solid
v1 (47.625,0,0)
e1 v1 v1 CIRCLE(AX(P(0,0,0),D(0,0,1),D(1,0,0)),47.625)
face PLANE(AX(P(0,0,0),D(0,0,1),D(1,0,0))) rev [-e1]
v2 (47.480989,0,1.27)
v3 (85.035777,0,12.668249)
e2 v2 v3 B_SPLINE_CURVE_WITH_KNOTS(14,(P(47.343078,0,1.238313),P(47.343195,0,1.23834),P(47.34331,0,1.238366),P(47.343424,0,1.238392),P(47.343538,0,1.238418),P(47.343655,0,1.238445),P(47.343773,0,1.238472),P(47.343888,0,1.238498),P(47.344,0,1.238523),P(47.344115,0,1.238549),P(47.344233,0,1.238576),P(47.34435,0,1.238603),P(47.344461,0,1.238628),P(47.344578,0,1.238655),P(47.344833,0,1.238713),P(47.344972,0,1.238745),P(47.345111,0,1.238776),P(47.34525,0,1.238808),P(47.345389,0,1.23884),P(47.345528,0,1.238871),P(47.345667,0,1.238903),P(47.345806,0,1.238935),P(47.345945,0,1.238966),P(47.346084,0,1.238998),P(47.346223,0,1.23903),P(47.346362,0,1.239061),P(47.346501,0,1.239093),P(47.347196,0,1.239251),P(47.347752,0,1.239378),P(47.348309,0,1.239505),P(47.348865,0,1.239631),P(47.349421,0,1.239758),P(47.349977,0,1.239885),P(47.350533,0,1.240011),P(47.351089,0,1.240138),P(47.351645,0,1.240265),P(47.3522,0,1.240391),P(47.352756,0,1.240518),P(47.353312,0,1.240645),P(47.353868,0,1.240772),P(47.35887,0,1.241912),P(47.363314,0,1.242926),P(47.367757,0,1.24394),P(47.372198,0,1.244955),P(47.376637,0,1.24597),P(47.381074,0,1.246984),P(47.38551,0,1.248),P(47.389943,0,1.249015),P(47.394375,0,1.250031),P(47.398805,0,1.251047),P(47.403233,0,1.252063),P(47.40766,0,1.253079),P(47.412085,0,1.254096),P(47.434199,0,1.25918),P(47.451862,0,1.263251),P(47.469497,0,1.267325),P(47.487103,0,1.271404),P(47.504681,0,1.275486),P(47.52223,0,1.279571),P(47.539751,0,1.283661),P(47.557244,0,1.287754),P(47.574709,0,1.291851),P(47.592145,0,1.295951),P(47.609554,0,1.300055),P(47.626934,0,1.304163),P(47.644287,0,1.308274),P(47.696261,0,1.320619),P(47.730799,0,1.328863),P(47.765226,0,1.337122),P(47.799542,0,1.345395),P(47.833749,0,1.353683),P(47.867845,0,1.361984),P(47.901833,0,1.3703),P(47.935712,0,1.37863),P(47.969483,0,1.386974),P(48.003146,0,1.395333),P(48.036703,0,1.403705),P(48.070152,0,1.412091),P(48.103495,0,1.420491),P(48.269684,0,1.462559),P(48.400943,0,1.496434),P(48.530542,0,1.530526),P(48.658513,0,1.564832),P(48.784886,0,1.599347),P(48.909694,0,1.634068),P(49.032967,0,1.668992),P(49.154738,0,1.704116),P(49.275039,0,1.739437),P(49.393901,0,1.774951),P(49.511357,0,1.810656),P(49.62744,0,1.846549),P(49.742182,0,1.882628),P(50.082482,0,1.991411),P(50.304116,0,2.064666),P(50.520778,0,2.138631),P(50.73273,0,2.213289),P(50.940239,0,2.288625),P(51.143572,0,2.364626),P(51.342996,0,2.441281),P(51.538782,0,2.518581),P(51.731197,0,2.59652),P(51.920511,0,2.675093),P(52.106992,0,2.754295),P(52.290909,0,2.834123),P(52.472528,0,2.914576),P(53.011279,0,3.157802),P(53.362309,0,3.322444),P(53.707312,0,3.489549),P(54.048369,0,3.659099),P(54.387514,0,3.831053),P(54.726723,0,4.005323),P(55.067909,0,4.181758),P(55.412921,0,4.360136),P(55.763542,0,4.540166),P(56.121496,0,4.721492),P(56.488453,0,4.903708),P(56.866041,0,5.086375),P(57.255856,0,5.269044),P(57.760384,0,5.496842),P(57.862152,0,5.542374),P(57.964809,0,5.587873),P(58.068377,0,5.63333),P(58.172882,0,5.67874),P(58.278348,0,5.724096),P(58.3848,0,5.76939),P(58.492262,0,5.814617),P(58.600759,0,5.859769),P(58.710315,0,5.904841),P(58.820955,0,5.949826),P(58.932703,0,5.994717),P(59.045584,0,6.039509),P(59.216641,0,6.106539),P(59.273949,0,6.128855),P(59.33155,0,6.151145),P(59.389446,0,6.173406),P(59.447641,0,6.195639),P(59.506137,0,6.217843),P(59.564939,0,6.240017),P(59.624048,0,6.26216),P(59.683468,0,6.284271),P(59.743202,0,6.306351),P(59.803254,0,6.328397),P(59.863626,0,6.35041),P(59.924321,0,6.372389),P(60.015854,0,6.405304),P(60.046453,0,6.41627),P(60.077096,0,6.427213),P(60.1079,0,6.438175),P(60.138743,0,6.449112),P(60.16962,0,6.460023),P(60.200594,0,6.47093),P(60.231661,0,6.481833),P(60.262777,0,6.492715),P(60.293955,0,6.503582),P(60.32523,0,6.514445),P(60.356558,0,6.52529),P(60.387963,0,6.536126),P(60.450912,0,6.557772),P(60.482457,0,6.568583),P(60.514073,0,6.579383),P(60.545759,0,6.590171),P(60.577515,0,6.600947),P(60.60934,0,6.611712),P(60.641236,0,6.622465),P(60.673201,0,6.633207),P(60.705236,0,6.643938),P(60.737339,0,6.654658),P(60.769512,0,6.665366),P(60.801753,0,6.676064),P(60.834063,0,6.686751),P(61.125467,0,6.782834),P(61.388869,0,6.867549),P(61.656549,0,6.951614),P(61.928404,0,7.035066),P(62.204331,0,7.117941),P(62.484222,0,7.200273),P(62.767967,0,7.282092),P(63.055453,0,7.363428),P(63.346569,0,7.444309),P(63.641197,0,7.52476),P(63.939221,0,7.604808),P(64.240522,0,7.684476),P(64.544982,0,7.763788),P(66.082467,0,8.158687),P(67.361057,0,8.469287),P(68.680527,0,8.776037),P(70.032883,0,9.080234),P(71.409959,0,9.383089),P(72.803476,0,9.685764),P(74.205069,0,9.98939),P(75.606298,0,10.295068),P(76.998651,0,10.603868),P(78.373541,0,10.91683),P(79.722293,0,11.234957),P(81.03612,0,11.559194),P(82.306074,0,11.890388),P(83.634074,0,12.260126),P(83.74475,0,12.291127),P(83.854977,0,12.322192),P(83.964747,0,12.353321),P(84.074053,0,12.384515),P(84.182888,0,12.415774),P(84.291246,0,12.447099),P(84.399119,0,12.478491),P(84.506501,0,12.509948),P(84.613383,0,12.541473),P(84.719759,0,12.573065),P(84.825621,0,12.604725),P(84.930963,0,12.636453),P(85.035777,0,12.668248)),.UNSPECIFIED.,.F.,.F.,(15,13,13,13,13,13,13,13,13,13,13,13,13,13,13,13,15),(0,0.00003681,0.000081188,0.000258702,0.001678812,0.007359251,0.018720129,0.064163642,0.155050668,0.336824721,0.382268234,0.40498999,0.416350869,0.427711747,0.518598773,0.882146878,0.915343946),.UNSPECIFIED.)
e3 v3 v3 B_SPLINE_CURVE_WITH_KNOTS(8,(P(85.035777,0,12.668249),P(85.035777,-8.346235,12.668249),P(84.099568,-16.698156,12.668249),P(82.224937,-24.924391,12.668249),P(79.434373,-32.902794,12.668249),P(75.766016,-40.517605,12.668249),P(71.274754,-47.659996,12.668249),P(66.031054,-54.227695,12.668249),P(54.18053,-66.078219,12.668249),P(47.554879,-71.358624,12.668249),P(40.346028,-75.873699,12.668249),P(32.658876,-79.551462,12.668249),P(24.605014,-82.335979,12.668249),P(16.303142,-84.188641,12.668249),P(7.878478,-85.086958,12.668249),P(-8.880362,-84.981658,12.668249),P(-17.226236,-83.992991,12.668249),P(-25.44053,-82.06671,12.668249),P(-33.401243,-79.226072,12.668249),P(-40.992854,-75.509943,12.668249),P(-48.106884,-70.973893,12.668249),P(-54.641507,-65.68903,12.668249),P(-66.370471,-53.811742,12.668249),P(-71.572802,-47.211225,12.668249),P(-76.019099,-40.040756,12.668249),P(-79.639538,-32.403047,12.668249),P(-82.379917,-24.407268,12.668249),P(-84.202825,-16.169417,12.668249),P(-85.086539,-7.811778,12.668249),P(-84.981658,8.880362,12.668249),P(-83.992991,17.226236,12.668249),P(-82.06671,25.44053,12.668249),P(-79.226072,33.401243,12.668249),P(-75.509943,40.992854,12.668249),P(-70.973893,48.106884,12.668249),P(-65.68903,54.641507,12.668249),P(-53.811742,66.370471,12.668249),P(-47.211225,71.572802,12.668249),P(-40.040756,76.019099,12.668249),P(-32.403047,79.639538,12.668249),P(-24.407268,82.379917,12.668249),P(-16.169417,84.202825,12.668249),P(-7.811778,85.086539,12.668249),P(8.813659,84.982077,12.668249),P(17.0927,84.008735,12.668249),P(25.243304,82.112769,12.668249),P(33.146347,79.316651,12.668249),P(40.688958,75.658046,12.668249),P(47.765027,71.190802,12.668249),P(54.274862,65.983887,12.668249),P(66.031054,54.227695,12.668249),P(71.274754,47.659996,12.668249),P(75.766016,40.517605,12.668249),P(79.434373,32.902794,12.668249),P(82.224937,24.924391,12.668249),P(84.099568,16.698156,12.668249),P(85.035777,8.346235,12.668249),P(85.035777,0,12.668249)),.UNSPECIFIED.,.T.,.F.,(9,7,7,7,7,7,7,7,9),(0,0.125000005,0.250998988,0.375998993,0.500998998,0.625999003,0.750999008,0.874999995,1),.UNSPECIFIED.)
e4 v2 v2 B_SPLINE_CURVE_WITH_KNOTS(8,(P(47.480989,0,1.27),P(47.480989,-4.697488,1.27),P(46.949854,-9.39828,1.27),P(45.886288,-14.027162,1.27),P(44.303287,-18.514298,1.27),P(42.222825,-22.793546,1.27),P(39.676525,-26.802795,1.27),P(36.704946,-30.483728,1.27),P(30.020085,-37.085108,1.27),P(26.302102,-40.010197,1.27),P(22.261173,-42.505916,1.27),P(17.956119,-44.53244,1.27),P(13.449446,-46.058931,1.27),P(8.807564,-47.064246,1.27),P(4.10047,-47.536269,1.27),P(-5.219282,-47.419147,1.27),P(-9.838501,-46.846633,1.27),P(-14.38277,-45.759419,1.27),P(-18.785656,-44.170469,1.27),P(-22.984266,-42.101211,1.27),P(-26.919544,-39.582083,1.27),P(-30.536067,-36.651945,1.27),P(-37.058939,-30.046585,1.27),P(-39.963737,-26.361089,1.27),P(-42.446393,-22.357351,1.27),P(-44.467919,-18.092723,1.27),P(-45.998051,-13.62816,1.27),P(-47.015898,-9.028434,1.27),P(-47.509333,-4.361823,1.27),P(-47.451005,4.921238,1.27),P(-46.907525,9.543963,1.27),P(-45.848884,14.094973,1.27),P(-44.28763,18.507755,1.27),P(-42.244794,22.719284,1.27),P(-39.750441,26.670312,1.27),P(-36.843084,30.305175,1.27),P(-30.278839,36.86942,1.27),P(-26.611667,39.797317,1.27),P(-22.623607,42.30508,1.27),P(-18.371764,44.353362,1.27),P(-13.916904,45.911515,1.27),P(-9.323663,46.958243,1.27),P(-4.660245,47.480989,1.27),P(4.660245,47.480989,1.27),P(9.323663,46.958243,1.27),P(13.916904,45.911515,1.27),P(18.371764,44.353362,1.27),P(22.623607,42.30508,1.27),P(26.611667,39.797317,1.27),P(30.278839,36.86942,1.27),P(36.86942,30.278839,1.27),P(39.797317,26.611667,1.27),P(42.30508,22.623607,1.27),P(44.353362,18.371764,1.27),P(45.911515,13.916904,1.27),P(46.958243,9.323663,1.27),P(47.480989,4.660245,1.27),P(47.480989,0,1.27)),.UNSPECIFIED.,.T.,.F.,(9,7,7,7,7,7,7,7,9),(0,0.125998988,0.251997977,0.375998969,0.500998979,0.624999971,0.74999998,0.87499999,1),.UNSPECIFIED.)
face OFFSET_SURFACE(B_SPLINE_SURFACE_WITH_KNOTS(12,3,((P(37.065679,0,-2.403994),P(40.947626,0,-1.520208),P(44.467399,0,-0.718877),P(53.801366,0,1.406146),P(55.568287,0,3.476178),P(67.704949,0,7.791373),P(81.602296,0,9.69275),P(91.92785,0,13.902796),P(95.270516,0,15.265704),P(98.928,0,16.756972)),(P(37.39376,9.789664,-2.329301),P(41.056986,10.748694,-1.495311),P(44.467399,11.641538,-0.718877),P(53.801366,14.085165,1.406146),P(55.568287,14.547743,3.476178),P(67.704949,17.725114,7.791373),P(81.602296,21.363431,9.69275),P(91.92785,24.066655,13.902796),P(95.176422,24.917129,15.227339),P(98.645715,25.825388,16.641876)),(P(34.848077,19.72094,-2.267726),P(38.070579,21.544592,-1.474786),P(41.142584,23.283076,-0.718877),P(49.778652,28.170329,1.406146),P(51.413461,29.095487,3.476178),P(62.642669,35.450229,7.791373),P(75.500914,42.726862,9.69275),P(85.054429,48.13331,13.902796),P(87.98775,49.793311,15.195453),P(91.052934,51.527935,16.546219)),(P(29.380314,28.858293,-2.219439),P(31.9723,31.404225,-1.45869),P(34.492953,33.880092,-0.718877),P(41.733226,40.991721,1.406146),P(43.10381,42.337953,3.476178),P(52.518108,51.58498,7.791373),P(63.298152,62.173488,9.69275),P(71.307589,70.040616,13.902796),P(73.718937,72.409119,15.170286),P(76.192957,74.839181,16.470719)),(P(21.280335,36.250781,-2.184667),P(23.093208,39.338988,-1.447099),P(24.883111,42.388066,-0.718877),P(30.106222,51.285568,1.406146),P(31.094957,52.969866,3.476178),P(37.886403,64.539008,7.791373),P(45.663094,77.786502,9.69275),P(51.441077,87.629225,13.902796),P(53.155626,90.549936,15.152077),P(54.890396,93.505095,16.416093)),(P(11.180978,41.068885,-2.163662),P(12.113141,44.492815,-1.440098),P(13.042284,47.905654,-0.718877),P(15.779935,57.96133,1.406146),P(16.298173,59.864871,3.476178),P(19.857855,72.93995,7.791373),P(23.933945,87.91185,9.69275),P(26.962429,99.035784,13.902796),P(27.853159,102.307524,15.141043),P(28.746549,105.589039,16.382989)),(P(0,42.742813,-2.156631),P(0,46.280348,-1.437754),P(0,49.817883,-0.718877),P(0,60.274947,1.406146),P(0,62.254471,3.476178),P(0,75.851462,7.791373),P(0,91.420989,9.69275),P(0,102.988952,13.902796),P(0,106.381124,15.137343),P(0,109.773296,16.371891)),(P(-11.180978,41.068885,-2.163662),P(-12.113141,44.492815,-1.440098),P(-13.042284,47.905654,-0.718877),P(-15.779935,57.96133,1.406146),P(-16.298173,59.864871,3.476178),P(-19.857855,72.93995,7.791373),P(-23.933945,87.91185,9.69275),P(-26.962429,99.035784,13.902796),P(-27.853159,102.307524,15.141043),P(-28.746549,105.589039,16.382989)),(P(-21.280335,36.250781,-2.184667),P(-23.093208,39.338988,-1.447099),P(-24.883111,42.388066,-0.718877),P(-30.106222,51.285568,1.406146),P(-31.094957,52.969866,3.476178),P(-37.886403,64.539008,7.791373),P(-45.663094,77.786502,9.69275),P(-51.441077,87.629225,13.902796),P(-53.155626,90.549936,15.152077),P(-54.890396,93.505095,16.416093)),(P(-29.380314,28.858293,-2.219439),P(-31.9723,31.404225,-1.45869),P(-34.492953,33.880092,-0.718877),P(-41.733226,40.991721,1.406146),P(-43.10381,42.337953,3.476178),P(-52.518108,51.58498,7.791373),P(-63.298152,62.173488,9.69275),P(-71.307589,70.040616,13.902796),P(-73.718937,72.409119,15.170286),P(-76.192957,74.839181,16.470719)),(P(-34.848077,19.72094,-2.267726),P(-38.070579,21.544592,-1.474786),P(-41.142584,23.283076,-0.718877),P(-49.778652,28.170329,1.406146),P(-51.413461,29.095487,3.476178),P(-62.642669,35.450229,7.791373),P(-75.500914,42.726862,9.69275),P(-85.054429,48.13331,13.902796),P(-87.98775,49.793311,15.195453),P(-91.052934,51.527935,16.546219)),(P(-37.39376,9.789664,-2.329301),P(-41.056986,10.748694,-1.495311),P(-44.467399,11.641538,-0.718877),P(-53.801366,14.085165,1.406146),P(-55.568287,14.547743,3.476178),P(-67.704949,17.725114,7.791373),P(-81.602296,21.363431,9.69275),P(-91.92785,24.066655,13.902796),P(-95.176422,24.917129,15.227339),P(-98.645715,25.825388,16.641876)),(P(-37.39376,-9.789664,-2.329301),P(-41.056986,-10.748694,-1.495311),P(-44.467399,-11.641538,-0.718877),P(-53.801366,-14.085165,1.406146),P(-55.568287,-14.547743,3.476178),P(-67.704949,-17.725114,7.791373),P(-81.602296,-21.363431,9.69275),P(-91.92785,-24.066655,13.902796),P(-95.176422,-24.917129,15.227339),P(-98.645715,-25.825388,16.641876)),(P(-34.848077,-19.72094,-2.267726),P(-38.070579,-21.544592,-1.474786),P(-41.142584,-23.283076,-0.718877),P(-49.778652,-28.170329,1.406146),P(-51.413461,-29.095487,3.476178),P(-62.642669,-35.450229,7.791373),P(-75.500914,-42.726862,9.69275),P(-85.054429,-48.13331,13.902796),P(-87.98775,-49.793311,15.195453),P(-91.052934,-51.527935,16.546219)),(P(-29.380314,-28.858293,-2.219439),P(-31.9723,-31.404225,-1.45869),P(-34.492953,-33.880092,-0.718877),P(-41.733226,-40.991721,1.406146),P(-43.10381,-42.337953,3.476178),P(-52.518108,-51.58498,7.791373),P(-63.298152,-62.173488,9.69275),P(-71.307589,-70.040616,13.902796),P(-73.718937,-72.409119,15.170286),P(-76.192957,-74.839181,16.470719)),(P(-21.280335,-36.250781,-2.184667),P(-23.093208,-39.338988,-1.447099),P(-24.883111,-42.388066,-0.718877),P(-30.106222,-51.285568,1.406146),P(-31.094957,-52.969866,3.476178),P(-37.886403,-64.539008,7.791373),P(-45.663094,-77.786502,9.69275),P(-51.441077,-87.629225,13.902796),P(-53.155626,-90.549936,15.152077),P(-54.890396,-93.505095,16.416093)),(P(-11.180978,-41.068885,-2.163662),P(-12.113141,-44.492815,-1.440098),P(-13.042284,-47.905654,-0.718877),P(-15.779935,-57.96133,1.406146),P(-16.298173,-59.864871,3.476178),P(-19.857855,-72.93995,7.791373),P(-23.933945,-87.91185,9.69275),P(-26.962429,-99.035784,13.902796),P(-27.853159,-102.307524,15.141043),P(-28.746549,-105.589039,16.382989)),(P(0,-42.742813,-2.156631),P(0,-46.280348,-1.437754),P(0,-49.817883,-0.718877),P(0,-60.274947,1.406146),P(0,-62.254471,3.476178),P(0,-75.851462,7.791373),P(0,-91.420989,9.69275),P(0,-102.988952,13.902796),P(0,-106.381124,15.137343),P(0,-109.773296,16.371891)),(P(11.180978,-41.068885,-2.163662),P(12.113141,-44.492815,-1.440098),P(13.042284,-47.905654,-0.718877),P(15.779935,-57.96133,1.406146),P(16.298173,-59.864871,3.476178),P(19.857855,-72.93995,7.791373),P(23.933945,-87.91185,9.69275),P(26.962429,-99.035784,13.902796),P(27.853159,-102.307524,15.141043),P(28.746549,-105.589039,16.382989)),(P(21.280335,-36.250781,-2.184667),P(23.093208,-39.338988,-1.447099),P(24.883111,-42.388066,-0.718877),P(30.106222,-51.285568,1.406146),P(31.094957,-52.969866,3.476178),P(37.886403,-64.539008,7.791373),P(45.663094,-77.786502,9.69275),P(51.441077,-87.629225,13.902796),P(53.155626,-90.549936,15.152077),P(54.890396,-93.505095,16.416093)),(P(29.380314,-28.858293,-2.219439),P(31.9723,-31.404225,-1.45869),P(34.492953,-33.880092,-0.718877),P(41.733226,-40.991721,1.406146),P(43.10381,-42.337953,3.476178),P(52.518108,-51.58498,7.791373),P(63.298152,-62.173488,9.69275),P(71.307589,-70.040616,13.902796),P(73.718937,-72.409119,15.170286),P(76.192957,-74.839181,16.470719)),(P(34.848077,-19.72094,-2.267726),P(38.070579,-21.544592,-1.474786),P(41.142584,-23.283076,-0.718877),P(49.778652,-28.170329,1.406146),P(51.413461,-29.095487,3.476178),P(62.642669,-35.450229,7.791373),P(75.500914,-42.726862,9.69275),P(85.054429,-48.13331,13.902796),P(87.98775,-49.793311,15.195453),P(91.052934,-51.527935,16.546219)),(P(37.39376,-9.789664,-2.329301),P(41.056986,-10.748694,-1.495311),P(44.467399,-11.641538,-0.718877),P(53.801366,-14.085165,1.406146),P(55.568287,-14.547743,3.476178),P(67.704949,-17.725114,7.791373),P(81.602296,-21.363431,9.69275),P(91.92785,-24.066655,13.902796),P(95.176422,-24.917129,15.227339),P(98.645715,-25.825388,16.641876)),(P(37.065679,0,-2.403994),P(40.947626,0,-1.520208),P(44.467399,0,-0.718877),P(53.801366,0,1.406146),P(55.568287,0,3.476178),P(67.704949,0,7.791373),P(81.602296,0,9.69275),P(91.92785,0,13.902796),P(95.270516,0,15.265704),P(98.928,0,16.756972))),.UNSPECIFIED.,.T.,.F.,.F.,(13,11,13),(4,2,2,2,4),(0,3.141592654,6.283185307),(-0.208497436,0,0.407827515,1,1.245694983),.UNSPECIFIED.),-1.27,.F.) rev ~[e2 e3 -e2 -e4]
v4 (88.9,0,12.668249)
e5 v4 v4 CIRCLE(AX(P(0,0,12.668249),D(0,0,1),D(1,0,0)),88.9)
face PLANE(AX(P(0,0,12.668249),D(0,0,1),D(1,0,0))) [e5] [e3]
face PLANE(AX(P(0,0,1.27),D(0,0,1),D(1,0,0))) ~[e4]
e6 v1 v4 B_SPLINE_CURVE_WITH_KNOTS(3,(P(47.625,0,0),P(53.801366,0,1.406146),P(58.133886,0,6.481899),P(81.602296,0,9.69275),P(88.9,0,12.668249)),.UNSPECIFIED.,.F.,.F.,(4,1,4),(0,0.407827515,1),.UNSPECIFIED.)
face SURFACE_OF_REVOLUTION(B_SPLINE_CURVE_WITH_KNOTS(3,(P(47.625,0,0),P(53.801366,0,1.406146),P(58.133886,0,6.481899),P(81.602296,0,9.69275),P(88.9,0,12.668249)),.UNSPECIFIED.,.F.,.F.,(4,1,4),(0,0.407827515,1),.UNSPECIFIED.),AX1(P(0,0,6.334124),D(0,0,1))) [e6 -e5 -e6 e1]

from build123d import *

# Parameters (mm, degrees)
F2_T = -1.27


with BuildPart() as f1:
    # F0 (on Front) → F1 (revolve)
    with BuildSketch(Plane.XZ):
        with BuildLine():
            Line((0, 12.6682485157), (0, 0))
            Line((0, 0), (47.625, 0))
            add(Edge.make_bspline(
                [(47.625, 0), (53.8013658377, 1.4061457979), (58.133886366, 6.4818991938), (81.6022957814, 9.6927500983), (88.9, 12.6682485157)],
                knots=[0, 0, 0, 0, 0.4078275151, 1, 1, 1, 1], degree=3))
            Line((88.9, 12.6682485157), (0, 12.6682485157))
        make_face()
    revolve(axis=Axis((0, 0, 6.3341242579), (0, 0, 1)))

    # F2
    f2_openings = [f1.faces().sort_by_distance(p)[0] for p in [
        (0, 0, 12.668249),
    ]]
    offset(amount=F2_T, openings=f2_openings)


solid = f1.part
